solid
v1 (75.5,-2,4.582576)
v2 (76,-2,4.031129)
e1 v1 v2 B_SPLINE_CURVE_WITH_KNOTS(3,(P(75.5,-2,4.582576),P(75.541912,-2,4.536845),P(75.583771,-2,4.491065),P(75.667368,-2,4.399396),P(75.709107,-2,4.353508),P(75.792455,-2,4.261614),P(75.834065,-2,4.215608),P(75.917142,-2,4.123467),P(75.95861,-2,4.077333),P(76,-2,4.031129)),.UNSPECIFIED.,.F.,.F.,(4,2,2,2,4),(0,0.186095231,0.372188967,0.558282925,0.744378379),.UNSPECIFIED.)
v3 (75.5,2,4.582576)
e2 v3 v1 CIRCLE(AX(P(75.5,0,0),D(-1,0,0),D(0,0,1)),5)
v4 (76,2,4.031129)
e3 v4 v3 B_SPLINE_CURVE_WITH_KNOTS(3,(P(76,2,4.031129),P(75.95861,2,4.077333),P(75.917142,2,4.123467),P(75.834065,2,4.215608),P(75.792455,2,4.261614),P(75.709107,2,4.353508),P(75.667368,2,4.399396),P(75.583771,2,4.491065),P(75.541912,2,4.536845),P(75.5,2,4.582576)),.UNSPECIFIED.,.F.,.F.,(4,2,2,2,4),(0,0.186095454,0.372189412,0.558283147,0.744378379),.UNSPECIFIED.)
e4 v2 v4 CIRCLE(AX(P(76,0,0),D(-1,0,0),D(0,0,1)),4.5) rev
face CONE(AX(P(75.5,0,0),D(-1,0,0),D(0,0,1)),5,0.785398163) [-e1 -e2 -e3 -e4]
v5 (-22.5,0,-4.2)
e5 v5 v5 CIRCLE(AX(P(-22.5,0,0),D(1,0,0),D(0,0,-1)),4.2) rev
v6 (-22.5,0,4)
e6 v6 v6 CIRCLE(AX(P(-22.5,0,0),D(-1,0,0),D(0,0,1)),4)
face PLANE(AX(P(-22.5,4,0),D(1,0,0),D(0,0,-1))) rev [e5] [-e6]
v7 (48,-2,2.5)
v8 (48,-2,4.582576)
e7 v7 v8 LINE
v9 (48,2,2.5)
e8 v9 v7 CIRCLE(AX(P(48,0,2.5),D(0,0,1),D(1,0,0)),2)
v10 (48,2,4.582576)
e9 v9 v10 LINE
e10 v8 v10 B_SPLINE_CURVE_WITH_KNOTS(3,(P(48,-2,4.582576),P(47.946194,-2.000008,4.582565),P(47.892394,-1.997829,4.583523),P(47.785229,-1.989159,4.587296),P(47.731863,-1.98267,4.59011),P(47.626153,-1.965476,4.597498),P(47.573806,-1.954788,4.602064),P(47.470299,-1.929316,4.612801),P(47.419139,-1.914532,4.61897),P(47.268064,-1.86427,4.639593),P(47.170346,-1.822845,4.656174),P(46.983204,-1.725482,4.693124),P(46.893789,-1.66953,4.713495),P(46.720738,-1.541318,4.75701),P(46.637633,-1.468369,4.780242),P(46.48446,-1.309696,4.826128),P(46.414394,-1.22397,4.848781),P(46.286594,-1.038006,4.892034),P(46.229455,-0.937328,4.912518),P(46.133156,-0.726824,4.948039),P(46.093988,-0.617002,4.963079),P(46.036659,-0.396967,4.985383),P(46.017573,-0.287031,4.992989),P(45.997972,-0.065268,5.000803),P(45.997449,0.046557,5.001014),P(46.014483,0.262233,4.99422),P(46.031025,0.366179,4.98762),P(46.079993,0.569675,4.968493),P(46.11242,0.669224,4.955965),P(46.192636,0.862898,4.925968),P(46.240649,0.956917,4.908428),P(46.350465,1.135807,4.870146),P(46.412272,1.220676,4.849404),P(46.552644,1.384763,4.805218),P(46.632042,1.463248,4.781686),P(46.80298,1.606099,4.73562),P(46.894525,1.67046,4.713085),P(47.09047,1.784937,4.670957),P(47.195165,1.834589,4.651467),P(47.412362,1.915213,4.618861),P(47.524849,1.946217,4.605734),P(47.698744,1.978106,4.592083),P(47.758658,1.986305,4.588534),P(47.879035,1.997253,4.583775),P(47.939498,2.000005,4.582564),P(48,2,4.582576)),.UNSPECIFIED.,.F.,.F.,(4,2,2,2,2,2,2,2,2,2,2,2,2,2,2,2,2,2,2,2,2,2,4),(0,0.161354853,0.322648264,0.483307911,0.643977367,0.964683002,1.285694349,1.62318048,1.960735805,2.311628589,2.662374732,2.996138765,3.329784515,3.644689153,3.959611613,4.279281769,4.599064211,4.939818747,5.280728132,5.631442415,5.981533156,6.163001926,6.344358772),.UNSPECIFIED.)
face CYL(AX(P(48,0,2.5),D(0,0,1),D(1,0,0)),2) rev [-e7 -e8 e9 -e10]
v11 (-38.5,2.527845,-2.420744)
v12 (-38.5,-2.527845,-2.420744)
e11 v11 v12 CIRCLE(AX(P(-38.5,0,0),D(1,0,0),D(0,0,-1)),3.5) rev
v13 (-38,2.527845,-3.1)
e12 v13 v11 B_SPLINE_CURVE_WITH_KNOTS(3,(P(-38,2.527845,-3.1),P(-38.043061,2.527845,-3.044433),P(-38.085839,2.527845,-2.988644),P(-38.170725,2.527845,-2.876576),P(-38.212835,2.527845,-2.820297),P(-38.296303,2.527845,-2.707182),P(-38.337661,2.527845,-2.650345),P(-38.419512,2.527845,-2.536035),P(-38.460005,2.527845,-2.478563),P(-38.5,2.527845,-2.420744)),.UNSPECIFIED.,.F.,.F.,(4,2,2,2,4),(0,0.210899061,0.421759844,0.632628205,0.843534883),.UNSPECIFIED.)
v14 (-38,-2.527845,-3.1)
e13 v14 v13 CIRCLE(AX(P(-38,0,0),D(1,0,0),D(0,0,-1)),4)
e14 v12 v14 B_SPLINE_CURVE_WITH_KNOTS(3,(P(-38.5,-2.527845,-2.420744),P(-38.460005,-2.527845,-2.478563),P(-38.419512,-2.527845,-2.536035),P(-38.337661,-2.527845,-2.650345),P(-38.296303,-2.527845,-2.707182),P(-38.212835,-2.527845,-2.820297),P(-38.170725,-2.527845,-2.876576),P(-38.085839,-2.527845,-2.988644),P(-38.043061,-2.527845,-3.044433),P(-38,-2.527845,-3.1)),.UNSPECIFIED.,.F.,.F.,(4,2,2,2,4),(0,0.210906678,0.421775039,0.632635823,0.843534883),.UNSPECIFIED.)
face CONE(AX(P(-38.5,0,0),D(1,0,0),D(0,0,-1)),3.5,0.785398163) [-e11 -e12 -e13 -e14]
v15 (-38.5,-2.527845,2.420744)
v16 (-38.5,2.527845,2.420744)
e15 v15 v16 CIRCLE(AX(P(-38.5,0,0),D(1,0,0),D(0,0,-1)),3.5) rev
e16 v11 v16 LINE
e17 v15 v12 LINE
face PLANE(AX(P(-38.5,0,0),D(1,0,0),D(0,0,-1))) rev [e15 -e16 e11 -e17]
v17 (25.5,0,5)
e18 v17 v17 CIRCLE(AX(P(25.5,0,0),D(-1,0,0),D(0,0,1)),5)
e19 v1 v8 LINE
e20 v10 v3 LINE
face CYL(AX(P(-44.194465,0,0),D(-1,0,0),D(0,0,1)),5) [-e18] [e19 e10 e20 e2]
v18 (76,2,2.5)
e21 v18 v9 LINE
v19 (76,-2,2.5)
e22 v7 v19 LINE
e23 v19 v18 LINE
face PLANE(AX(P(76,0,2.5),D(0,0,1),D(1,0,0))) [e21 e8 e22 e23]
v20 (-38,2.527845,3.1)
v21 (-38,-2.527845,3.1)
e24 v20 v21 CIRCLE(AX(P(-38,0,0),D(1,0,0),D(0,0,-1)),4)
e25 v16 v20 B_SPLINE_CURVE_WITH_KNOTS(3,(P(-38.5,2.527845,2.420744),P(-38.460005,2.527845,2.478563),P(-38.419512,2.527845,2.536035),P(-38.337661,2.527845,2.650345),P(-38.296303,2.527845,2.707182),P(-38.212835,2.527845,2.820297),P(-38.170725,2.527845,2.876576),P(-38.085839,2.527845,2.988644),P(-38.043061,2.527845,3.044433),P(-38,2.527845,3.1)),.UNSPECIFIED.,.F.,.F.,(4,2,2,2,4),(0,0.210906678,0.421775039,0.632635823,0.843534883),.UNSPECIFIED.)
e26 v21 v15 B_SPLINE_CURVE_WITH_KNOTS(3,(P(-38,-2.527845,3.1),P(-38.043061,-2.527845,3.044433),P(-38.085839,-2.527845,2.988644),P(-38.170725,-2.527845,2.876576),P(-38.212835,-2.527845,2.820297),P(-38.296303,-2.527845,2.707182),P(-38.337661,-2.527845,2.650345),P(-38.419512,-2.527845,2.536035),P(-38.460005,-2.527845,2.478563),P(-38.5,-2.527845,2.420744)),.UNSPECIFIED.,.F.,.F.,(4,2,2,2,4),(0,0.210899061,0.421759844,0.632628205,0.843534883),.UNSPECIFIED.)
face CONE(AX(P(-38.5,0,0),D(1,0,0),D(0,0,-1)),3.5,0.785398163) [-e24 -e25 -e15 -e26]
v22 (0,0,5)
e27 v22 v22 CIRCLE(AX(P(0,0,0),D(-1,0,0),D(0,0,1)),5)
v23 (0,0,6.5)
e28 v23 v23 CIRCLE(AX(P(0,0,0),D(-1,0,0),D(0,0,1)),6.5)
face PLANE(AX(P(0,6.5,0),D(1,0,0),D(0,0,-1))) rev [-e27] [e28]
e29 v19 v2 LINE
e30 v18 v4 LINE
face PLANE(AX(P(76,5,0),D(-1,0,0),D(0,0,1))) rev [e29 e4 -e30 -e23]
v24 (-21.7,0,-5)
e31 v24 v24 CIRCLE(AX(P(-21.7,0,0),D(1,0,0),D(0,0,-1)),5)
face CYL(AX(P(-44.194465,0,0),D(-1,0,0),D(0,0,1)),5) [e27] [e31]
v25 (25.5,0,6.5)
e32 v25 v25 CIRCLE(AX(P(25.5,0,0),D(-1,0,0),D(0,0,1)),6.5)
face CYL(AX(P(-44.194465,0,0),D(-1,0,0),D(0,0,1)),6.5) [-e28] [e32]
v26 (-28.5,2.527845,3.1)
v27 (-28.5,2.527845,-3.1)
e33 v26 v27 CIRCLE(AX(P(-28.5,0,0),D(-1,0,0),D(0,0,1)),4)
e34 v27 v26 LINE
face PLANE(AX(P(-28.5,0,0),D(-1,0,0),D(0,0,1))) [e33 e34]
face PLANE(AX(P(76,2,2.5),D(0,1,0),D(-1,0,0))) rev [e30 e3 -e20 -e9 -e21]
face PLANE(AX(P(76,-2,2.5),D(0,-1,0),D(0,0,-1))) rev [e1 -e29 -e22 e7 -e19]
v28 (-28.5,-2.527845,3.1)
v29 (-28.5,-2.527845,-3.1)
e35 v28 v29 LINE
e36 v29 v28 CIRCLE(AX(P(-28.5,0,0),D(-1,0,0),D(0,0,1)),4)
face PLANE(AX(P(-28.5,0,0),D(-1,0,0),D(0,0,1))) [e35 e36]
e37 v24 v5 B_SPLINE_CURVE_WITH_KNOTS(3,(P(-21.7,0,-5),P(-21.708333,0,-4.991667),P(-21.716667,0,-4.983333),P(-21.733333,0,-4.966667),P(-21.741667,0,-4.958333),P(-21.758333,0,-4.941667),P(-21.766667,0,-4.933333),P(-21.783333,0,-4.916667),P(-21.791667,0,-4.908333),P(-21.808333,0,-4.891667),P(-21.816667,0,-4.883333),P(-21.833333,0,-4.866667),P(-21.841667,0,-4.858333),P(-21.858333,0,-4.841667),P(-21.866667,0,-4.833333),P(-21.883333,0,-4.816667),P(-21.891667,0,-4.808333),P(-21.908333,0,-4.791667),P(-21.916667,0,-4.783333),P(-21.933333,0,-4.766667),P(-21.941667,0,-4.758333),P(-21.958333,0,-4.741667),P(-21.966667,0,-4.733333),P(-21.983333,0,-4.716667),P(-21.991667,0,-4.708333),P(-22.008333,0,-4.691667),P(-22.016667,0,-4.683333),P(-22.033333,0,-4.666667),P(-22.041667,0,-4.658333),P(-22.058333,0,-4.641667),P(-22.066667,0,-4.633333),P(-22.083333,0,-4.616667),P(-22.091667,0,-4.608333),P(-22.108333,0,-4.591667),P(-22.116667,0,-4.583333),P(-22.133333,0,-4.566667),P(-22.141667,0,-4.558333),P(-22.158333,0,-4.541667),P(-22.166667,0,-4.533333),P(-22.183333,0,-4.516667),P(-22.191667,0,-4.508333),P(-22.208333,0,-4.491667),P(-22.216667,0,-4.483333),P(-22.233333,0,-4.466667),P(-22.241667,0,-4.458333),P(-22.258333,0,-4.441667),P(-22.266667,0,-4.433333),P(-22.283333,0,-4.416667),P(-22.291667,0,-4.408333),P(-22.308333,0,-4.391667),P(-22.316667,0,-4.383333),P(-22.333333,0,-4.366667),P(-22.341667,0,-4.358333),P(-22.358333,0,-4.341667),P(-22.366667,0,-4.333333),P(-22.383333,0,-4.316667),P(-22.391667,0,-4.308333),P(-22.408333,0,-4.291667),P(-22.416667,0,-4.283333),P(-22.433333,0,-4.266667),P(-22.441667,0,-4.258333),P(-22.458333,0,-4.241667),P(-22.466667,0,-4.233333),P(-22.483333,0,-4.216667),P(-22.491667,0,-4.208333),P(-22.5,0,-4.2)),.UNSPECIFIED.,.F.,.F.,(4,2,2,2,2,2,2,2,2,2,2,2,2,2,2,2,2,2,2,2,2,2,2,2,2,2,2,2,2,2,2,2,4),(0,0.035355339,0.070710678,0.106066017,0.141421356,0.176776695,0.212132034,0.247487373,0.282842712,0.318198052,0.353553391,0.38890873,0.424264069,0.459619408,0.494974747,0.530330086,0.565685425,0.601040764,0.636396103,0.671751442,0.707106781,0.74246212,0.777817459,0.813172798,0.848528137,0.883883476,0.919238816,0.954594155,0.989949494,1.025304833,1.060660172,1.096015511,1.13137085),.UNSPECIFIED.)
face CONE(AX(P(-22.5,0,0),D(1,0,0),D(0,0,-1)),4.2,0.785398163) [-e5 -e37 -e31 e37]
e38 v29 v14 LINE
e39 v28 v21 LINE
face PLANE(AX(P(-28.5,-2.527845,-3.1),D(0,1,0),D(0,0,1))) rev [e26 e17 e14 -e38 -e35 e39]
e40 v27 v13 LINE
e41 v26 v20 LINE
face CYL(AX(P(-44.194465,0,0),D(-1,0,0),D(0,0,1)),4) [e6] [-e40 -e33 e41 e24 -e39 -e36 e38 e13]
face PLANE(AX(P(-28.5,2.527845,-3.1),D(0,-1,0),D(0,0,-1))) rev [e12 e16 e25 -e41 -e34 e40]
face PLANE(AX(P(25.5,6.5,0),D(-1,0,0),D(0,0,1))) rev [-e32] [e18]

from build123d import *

# Parameters (mm, degrees)
CUT_EXTRUDE1_START = -10
CUT_EXTRUDE1_DEPTH = 10
CUT_EXTRUDE2_DEPTH = 2.5
CHAMFER1_SIZE      = 0.8
CHAMFER2_SIZE      = 0.5


with BuildPart() as part:
    # Sketch1 → Revolve1 (revolve)
    with BuildSketch(Plane.XY, mode=Mode.PRIVATE) as revolve1_sk:
        Polygon((-38.5, 0), (-38.5, 4), (-22.5, 4), (-22.5, 5), (0, 5), (0, 6.5), (25.5, 6.5), (25.5, 5), (76, 5), (76, 0), align=None)
    revolve(revolve1_sk.sketch.rotate(Axis((-44.194465138, 0, 0), (1, 0, 0)), 90), axis=Axis((-44.194465138, 0, 0), (1, 0, 0)))

    # Sketch2 → Cut-Extrude1 (cut)
    with BuildSketch(Plane.ZY.offset(38.5).offset(CUT_EXTRUDE1_START)):
        with BuildLine():
            Line((-3.1, -2.527844932), (3.1, -2.527844932))
            ThreePointArc((3.1, -2.527844932), (0, -4), (-3.1, -2.527844932))
        make_face()
        with BuildLine():
            Line((-3.1, 2.527844932), (3.1, 2.527844932))
            ThreePointArc((3.1, 2.527844932), (0, 4), (-3.1, 2.527844932))
        make_face()
    extrude(amount=CUT_EXTRUDE1_DEPTH, mode=Mode.SUBTRACT)

    # Sketch3 → Cut-Extrude2 (cut)
    with BuildSketch(Plane.XY.offset(5)):
        with BuildLine():
            Line((76, -2), (48, -2))
            ThreePointArc((48, -2), (46, 0), (48, 2))
            Line((48, 2), (76, 2))
            ThreePointArc((76, 2), (78, 0), (76, -2))
        make_face()
    extrude(amount=-CUT_EXTRUDE2_DEPTH, mode=Mode.SUBTRACT)

    # Chamfer1
    chamfer1_edges = [part.edges().sort_by_distance(p)[0] for p in [
        (-22.5, 0, -5),
    ]]
    chamfer(chamfer1_edges, length=CHAMFER1_SIZE)

    # Chamfer2
    chamfer2_edges = [part.edges().sort_by_distance(p)[0] for p in [
        (-38.5, -1.341640786, 3.768288736),
        (-38.5, 0, -4),
        (76, 0, -5),
    ]]
    chamfer(chamfer2_edges, length=CHAMFER2_SIZE)


solid = part.part
